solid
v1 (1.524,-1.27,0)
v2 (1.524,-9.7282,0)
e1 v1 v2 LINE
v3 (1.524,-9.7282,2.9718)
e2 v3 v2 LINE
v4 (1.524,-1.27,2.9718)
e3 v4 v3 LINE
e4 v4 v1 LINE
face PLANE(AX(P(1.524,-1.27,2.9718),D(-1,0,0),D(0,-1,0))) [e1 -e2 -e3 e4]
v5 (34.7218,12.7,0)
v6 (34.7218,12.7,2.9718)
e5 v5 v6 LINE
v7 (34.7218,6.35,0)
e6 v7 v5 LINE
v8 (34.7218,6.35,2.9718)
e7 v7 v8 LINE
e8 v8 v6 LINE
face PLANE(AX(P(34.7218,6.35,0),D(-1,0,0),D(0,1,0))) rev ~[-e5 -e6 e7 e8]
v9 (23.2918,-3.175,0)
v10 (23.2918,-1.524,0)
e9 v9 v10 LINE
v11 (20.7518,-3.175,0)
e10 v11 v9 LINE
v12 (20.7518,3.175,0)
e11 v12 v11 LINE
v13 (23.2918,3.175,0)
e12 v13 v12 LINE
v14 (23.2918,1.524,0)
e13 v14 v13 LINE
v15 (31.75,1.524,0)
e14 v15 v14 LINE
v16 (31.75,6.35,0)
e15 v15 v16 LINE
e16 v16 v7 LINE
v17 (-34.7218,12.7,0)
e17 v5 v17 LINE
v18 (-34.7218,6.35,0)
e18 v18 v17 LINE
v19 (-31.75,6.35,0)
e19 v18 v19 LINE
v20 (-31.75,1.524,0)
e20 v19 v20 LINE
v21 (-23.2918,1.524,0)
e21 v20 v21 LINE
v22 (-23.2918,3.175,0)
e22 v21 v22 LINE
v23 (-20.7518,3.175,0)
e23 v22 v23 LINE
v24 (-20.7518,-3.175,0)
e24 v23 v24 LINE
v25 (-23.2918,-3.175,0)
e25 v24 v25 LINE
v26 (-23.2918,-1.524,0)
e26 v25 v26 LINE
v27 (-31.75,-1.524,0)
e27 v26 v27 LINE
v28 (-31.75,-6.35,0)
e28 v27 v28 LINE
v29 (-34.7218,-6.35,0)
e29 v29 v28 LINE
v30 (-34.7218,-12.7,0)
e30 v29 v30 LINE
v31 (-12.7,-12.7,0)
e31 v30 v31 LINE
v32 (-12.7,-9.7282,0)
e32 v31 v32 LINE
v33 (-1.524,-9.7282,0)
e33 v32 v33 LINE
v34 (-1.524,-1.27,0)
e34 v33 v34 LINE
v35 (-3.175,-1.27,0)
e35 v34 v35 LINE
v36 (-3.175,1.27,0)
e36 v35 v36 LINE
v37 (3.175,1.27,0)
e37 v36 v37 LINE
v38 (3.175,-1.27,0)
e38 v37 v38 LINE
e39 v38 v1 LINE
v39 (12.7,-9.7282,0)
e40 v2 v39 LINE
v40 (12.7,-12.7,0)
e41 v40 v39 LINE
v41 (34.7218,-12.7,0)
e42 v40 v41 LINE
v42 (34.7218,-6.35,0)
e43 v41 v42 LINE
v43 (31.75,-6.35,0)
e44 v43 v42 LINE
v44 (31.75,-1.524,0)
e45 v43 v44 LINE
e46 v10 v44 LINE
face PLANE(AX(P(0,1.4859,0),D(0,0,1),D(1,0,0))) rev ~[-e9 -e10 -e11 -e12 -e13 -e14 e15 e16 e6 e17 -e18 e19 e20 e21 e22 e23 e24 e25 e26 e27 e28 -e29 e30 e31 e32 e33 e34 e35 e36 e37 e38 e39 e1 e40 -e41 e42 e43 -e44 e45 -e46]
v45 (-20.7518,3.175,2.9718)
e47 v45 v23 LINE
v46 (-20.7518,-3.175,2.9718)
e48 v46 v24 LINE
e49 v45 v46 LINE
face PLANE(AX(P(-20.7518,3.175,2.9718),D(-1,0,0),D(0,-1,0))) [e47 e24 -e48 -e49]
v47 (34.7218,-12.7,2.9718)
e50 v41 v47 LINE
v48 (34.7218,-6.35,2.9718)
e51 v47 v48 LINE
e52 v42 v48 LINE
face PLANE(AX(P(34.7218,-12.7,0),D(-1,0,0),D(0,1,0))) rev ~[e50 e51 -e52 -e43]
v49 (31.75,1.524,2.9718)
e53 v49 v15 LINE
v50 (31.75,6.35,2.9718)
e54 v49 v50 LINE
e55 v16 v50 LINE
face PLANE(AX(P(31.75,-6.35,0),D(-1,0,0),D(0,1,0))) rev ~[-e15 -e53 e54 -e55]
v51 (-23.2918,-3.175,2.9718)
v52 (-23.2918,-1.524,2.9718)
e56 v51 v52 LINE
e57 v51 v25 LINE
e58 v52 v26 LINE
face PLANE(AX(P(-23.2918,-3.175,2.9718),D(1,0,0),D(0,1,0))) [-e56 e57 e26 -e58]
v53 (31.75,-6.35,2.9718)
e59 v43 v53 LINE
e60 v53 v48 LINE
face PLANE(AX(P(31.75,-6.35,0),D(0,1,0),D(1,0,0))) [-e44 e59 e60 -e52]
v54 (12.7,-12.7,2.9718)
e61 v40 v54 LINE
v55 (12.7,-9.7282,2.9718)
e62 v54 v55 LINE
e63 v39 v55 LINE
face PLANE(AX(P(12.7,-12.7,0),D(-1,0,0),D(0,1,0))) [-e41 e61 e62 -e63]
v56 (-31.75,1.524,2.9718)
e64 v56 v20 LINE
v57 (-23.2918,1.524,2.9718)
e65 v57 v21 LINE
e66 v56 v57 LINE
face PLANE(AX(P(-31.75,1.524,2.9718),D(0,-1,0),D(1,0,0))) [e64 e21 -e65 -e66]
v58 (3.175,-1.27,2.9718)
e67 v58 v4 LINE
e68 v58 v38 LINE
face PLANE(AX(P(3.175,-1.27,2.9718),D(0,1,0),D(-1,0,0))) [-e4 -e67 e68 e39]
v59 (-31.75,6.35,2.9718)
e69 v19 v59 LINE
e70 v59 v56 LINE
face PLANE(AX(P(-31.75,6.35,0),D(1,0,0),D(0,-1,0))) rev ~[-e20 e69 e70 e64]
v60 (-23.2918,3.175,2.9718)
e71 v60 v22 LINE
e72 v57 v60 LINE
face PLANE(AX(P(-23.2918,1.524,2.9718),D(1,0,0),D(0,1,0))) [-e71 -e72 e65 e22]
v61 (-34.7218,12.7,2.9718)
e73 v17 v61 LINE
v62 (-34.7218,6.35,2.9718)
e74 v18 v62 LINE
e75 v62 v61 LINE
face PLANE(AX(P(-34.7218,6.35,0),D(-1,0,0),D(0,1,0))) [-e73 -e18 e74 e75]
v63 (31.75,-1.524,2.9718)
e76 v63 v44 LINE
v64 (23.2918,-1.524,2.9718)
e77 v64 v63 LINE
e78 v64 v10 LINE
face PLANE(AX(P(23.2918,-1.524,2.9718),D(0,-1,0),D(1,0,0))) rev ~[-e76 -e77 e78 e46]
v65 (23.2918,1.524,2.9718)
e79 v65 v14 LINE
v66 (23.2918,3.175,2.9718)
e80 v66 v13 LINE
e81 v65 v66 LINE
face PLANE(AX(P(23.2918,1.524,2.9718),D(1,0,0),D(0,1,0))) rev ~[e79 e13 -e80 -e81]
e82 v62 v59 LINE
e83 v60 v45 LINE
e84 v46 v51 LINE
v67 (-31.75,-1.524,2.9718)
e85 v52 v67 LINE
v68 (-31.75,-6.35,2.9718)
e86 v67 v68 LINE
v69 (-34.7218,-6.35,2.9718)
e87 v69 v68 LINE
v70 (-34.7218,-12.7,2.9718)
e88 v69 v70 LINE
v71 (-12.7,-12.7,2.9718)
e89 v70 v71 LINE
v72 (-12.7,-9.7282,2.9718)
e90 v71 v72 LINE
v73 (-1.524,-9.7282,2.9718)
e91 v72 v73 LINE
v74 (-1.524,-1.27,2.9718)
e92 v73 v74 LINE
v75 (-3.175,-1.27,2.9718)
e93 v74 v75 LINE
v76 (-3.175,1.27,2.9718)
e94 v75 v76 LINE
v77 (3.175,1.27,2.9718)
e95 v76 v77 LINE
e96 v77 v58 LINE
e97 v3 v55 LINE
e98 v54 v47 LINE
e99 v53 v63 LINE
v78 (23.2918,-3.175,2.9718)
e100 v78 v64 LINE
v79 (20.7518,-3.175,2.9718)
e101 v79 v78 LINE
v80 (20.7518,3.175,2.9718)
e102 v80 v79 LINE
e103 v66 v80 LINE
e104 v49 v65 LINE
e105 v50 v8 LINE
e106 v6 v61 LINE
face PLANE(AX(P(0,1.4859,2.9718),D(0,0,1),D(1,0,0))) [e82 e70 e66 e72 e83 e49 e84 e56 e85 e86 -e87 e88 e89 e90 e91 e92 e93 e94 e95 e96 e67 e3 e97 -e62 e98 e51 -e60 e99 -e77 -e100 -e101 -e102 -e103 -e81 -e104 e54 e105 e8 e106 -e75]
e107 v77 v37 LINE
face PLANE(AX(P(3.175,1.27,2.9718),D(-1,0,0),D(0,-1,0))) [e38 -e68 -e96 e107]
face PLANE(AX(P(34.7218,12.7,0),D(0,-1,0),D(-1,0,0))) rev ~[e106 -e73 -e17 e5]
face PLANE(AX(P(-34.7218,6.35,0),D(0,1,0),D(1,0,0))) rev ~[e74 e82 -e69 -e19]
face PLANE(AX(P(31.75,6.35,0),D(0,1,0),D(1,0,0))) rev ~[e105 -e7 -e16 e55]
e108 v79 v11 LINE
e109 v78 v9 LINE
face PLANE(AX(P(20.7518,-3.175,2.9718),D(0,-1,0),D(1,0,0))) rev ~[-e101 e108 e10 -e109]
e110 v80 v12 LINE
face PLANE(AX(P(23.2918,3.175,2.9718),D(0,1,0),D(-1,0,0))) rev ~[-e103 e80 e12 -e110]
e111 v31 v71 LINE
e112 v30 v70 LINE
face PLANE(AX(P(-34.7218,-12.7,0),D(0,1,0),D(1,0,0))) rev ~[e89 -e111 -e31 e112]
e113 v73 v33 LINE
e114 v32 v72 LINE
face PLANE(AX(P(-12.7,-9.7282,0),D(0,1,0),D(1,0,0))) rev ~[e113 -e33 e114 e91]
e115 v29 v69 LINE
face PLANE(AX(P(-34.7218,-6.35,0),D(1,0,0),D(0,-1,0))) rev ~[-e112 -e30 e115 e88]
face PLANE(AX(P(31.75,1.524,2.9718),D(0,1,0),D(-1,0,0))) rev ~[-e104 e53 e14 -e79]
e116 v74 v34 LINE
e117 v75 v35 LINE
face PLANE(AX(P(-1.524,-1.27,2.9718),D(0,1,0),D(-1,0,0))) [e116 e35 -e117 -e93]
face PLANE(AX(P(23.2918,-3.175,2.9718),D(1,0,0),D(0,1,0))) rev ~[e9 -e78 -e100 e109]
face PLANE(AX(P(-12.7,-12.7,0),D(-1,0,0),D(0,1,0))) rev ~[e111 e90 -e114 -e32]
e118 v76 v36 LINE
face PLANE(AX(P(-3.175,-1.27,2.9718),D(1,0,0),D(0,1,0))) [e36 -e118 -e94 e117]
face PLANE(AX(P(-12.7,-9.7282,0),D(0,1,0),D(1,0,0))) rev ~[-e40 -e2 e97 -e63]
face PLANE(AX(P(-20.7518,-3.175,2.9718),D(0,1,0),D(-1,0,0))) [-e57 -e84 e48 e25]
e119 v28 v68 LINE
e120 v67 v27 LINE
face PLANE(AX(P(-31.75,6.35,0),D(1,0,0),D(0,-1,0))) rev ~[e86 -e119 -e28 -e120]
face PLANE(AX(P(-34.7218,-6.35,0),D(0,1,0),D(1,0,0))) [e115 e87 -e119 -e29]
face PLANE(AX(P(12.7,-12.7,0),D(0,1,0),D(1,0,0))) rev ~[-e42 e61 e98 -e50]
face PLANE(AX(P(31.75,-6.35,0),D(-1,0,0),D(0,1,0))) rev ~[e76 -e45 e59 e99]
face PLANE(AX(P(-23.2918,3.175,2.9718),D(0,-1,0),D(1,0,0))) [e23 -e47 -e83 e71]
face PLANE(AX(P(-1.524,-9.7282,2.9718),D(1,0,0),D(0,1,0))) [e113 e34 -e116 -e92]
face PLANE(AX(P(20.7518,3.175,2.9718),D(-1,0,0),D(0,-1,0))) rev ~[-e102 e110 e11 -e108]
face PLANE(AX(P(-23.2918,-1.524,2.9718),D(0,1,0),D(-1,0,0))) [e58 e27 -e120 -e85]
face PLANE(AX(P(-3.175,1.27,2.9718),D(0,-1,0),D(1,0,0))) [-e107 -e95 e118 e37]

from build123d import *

# Parameters (mm, degrees)
SKETCH1_W           = 2.9718
SKETCH1_H           = 6.35
SKETCH1_H_2         = 3.3782
SKETCH1_H_3         = 2.9718
SKETCH1_W_2         = 19.05
BOSS_EXTRUDE1_DEPTH = 2.9718
CUT_EXTRUDE1_DEPTH  = 3.9718


with BuildPart() as part:
    # Sketch1 → Boss-Extrude1 (new body)
    with BuildSketch(Plane.XY):
        Polygon((-31.75, -6.35), (-31.75, -9.7282), (-12.7, -9.7282), (12.7, -9.7282), (31.75, -9.7282), (31.75, -6.35), (31.75, 6.35), (31.75, 12.7), (-31.75, 12.7), (-31.75, 6.35), align=None)
        with Locations((-33.2359, 9.525)):
            Rectangle(SKETCH1_W, SKETCH1_H)
        with Locations((-33.2359, -8.0391)):
            Rectangle(SKETCH1_W, SKETCH1_H_2)
        with Locations((-33.2359, -11.2141)):
            Rectangle(SKETCH1_W, SKETCH1_H_3)
        with Locations((-22.225, -11.2141)):
            Rectangle(SKETCH1_W_2, SKETCH1_H_3)
        with Locations((22.225, -11.2141)):
            Rectangle(SKETCH1_W_2, SKETCH1_H_3)
        with Locations((33.2359, -8.0391)):
            Rectangle(SKETCH1_W, SKETCH1_H_2)
        with Locations((33.2359, -11.2141)):
            Rectangle(SKETCH1_W, SKETCH1_H_3)
        with Locations((33.2359, 9.525)):
            Rectangle(SKETCH1_W, SKETCH1_H)
    extrude(amount=BOSS_EXTRUDE1_DEPTH)

    # Sketch2 → Cut-Extrude1 (cut, through all)
    with BuildSketch(Plane.XY.offset(2.9718)):
        Polygon((-20.7518, 3.175), (-20.7518, -3.175), (-23.2918, -3.175), (-23.2918, -1.524), (-31.75, -1.524), (-31.75, 1.524), (-23.2918, 1.524), (-23.2918, 3.175), align=None)
        Polygon((-3.175, 1.27), (3.175, 1.27), (3.175, -1.27), (1.524, -1.27), (1.524, -9.7282), (-1.524, -9.7282), (-1.524, -1.27), (-3.175, -1.27), align=None)
        Polygon((20.7518, 3.175), (20.7518, -3.175), (23.2918, -3.175), (23.2918, -1.524), (31.75, -1.524), (31.75, 1.524), (23.2918, 1.524), (23.2918, 3.175), align=None)
    extrude(amount=-CUT_EXTRUDE1_DEPTH, mode=Mode.SUBTRACT)


solid = part.part
